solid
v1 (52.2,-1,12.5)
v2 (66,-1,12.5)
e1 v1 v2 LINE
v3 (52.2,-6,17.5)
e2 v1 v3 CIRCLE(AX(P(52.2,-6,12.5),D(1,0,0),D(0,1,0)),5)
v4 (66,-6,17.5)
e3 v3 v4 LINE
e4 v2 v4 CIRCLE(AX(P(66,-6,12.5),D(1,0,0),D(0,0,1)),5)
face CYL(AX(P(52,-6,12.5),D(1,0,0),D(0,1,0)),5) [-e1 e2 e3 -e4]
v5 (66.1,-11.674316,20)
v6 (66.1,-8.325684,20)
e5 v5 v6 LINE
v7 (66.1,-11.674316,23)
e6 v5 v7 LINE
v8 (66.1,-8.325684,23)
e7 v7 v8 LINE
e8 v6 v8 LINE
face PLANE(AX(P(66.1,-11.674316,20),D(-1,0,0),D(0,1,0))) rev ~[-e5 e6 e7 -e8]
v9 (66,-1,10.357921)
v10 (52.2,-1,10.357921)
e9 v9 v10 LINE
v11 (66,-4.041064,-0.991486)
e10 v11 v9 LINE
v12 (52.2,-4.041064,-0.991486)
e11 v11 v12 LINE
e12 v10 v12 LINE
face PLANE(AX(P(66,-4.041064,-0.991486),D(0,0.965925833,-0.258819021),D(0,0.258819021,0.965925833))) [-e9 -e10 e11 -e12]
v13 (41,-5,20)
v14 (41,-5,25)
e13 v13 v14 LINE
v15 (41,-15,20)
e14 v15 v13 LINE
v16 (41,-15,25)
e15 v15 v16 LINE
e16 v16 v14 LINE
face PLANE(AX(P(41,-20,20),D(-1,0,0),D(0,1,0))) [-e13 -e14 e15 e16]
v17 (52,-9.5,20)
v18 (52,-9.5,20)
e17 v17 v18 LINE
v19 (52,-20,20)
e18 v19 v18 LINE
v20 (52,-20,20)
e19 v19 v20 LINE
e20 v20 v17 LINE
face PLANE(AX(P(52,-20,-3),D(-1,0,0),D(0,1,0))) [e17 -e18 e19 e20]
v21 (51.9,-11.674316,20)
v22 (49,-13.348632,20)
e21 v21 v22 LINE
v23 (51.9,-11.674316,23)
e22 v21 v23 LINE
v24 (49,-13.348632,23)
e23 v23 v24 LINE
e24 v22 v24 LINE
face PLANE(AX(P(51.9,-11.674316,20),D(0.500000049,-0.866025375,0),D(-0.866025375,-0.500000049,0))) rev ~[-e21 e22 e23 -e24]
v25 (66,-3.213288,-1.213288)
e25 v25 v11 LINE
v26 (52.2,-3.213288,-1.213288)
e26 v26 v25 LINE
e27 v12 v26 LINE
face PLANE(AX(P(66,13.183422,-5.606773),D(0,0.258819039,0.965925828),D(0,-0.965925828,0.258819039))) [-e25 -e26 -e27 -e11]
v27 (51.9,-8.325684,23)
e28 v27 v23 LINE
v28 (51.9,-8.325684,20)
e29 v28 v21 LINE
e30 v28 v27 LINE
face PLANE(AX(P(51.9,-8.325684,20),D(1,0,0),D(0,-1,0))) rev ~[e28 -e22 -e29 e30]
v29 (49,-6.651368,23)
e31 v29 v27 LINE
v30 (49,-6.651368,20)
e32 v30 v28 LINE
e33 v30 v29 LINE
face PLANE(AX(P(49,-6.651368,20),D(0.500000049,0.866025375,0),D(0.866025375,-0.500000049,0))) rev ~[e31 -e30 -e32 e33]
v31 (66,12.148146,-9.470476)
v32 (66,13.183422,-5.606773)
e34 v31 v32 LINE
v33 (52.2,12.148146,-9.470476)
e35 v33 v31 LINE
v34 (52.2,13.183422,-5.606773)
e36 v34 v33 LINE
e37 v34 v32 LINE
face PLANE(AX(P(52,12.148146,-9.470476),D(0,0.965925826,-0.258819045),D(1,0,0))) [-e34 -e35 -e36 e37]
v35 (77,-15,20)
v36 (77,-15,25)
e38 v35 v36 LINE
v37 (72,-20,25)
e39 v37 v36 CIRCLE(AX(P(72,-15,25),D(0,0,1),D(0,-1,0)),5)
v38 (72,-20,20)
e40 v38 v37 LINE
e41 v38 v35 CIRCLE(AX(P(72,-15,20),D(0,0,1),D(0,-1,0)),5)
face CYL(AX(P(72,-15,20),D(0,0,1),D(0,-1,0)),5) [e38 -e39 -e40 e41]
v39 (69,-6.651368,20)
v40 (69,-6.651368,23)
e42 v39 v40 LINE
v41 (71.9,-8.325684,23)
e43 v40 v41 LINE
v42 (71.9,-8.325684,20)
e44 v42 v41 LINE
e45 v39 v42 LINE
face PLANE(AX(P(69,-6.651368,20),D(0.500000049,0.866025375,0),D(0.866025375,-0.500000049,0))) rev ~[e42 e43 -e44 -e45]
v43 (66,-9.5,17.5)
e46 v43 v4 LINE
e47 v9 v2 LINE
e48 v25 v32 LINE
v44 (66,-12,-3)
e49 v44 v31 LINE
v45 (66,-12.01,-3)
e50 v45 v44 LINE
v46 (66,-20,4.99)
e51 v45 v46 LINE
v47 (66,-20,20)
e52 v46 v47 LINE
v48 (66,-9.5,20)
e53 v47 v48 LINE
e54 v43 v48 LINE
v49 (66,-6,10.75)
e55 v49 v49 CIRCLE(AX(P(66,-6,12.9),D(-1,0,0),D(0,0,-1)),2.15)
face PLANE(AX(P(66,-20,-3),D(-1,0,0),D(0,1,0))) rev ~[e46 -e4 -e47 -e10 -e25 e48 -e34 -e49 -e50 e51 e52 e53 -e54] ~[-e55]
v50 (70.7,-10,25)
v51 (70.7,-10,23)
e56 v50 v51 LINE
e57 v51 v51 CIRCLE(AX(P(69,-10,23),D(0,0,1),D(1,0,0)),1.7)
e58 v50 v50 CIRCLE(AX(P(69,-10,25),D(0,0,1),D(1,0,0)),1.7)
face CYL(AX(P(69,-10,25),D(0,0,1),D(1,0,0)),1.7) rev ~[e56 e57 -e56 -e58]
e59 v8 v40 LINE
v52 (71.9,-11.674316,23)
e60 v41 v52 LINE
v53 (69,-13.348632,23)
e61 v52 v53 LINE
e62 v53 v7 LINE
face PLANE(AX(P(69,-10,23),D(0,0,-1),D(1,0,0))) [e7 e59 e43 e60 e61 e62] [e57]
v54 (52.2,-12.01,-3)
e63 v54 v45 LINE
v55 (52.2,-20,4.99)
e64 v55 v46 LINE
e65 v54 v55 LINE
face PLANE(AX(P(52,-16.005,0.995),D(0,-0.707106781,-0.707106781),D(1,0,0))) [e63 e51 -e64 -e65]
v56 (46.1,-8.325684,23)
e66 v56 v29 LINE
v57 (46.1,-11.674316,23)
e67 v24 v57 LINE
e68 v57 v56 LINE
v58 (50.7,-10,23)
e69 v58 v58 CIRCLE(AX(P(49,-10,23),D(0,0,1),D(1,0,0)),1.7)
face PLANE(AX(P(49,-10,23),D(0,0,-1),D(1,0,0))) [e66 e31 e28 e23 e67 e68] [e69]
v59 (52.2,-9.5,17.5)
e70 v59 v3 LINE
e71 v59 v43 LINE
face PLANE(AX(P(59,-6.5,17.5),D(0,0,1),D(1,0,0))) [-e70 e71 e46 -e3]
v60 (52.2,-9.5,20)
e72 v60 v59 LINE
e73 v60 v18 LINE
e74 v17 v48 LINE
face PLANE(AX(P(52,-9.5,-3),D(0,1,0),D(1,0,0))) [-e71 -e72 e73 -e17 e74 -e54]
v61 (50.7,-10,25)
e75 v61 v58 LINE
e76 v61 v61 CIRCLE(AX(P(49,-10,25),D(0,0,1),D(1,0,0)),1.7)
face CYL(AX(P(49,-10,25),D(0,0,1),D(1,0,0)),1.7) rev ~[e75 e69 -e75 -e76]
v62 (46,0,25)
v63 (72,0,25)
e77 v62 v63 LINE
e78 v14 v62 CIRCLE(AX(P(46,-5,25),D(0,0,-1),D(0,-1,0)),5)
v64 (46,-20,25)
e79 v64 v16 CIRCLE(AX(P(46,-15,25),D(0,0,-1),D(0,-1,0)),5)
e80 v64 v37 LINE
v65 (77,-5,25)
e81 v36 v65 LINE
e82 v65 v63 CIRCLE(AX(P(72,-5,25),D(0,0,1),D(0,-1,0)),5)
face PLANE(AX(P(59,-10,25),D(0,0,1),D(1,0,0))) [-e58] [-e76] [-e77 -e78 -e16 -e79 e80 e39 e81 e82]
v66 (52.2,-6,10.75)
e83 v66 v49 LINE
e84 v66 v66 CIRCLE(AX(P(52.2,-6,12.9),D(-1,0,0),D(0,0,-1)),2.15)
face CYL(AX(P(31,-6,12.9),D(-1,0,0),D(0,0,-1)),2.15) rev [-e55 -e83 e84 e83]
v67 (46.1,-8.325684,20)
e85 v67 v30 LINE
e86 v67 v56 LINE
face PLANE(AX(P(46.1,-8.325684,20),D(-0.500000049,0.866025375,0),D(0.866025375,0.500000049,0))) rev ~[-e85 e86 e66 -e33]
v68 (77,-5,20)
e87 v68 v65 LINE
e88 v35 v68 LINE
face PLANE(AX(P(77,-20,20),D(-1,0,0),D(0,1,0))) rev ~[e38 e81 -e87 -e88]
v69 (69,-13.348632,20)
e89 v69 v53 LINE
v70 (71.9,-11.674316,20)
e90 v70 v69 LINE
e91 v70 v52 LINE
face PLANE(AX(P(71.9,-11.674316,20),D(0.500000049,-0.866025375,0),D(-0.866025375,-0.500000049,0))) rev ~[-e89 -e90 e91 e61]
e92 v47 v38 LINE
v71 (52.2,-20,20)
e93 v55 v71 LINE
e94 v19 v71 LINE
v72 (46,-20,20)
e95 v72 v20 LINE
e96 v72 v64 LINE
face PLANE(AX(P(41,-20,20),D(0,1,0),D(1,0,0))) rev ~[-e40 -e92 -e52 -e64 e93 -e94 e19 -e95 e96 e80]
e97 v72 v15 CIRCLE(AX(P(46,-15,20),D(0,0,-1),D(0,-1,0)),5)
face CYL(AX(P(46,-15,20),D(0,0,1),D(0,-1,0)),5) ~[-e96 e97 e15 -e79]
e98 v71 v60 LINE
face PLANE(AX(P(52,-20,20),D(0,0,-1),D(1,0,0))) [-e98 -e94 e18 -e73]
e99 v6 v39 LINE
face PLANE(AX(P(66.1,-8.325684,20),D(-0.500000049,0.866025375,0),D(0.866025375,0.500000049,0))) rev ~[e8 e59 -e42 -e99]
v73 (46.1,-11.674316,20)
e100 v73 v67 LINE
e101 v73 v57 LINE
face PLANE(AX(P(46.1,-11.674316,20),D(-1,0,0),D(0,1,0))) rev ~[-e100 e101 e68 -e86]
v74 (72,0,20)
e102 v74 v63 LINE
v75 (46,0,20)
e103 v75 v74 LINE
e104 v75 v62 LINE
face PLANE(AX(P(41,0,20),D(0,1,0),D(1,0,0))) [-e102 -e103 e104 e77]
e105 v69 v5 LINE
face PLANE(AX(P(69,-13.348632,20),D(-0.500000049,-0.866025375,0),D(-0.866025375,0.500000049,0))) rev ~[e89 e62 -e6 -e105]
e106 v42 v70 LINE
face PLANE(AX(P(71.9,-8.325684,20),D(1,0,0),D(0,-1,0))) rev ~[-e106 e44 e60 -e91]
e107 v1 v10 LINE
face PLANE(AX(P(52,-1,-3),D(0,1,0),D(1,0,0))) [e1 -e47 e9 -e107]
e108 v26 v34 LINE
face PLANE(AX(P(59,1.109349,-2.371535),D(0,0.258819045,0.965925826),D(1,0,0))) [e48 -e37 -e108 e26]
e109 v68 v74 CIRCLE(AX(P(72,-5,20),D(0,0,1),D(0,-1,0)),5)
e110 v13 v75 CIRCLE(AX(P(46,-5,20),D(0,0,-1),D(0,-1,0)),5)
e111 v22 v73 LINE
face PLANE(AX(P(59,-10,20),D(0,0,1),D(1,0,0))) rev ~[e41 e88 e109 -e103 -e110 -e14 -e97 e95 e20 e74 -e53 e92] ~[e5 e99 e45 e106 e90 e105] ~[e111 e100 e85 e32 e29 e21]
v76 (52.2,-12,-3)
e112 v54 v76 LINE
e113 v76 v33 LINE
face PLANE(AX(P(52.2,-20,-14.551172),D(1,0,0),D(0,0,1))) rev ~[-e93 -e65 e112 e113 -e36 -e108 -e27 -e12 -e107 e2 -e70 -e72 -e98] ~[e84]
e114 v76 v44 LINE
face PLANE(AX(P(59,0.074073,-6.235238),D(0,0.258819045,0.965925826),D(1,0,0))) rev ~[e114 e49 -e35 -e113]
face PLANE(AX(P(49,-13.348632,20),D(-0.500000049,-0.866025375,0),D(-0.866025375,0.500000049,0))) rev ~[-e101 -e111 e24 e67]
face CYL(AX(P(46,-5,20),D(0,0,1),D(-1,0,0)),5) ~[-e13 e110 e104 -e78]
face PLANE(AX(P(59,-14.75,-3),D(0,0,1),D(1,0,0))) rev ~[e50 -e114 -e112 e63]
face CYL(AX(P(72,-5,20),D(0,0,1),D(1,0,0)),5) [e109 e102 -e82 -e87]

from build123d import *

# Parameters (mm, degrees)
BOX006_W             = 14
BOX006_H             = 10.5
BOX006_DEPTH         = 23
BOX005_W             = 36
BOX005_H             = 20
BOX005_DEPTH         = 5
SKETCH004_R          = 1.7
POCKET004_DEPTH      = 5
POCKET005_DEPTH      = 3
CYLINDER_R           = 2.15
CYLINDER_DEPTH       = 50
CYLINDER_PITCH_ANGLE = 90
BOX002_W             = 14
BOX002_H             = 11
BOX002_DEPTH         = 20.5
CHAMFER_SIZE         = 4
FILLET001_R          = 5
BOX003_W             = 14
BOX003_H             = 25
BOX003_DEPTH         = 4
BOX003_ROLL_ANGLE    = -15
BOX004_W             = 14
BOX004_H             = 2.5
BOX004_DEPTH         = 5
POCKET006_DEPTH      = 15
CHAMFER001_SIZE      = 7.99
FILLET002_R          = 5
SKETCH007_W          = 0.2
SKETCH007_H          = 34.551171
POCKET007_DEPTH      = 40


with BuildPart() as cube005:
    # Box006 → Box006 (new body)
    with BuildSketch(Plane(origin=(52, -20, -3), x_dir=(1, 0, 0), z_dir=(0, 0, 1))):
        with Locations((7, 5.25)):
            Rectangle(BOX006_W, BOX006_H)
    extrude(amount=BOX006_DEPTH)


with BuildPart() as fusion001:
    # Box005 → Box005 (new body)
    with BuildSketch(Plane(origin=(41, -20, 20), x_dir=(1, 0, 0), z_dir=(0, 0, 1))):
        with Locations((18, 10)):
            Rectangle(BOX005_W, BOX005_H)
    extrude(amount=BOX005_DEPTH)

    # Sketch004 → Pocket004 (cut)
    with BuildSketch(Plane(origin=(41, -20, 25), x_dir=(1, 0, 0), z_dir=(0, 0, 1))):
        with Locations((8, 10)):
            Circle(SKETCH004_R)
        with Locations((28, 10)):
            Circle(SKETCH004_R)
    extrude(amount=-POCKET004_DEPTH, mode=Mode.SUBTRACT)

    # Sketch005 → Pocket005 (cut)
    with BuildSketch(Plane(origin=(41, -20, 20), x_dir=(1, 0, 0), z_dir=(0, 0, -1))):
        Polygon((25.1, -8.325684), (25.1, -11.674316), (28, -13.348632), (30.9, -11.674316), (30.9, -8.325684), (28, -6.651368), align=None)
        Polygon((10.9, -11.674316), (10.9, -8.325684), (8, -6.651368), (5.1, -8.325684), (5.1, -11.674316), (8, -13.348632), align=None)
    extrude(amount=-POCKET005_DEPTH, mode=Mode.SUBTRACT)

    # Fusion001: union Cube005
    add(cube005.part)


with BuildPart() as cylinder:
    # Cylinder → Cylinder (new body)
    with BuildSketch(Plane.XY):
        Circle(CYLINDER_R)
    extrude(amount=CYLINDER_DEPTH)


with BuildPart() as cylinder_1:
    # Cylinder pitch: moved
    add(cylinder.part.rotate(Axis((0, 0, 0), (0, 1, 0)), CYLINDER_PITCH_ANGLE))


with BuildPart() as cylinder_2:
    # Cylinder placement: moved
    add(cylinder_1.part.moved(Location((31, -6, 12.9))))


with BuildPart() as fillet001:
    # Box002 → Box002 (new body)
    with BuildSketch(Plane(origin=(52, -12, -3), x_dir=(1, 0, 0), z_dir=(0, 0, 1))):
        with Locations((7, 5.5)):
            Rectangle(BOX002_W, BOX002_H)
    extrude(amount=BOX002_DEPTH)

    # Chamfer
    chamfer_edges = [fillet001.edges().sort_by_distance(p)[0] for p in [
        (59, -1, -3),
    ]]
    chamfer(chamfer_edges, length=CHAMFER_SIZE)

    # Fillet001
    fillet001_edges = [fillet001.edges().sort_by_distance(p)[0] for p in [
        (59, -1, 17.5),
    ]]
    fillet(fillet001_edges, radius=FILLET001_R)


with BuildPart() as cube002:
    # Box003 → Box003 (new body)
    with BuildSketch(Plane.XY):
        with Locations((7, 12.5)):
            Rectangle(BOX003_W, BOX003_H)
    extrude(amount=BOX003_DEPTH)


with BuildPart() as cube002_1:
    # Box003 roll: moved
    add(cube002.part.rotate(Axis((0, 0, 0), (1, 0, 0)), BOX003_ROLL_ANGLE))


with BuildPart() as cube002_2:
    # Box003 placement: moved
    add(cube002_1.part.moved(Location((52, -12, -3))))


with BuildPart() as soporte:
    # Box004 → Box004 (new body)
    with BuildSketch(Plane(origin=(52, -12, 14), x_dir=(1, 0, 0), z_dir=(0, 0, 1))):
        with Locations((7, 1.25)):
            Rectangle(BOX004_W, BOX004_H)
    extrude(amount=BOX004_DEPTH)

    # Fusion: union Fillet001, Cube002
    add(fillet001.part)
    add(cube002_2.part)

    # Cut001: cut Cylinder
    add(cylinder_2.part, mode=Mode.SUBTRACT)

    # Sketch006 → Pocket006 (cut)
    with BuildSketch(Plane.YZ.offset(66)):
        Polygon((13.183422, -5.606773), (-4.041064, -0.991486), (-0.407217, 12.570217), align=None)
    extrude(amount=-POCKET006_DEPTH, mode=Mode.SUBTRACT)

    # Fusion004: union Fusion001
    add(fusion001.part)

    # Chamfer001
    chamfer001_edges = [soporte.edges().sort_by_distance(p)[0] for p in [
        (59, -20, -3),
    ]]
    chamfer(chamfer001_edges, length=CHAMFER001_SIZE)

    # Fillet002
    fillet002_edges = [soporte.edges().sort_by_distance(p)[0] for p in [
        (41, -20, 22.5),
        (77, -20, 22.5),
        (77, 0, 22.5),
        (41, 0, 22.5),
    ]]
    fillet(fillet002_edges, radius=FILLET002_R)

    # Sketch007 → Pocket007 (cut)
    with BuildSketch(Plane.XZ.offset(20)):
        with Locations((52.1, 2.724414)):
            Rectangle(SKETCH007_W, SKETCH007_H)
    extrude(amount=-POCKET007_DEPTH, mode=Mode.SUBTRACT)


solid = soporte.part
